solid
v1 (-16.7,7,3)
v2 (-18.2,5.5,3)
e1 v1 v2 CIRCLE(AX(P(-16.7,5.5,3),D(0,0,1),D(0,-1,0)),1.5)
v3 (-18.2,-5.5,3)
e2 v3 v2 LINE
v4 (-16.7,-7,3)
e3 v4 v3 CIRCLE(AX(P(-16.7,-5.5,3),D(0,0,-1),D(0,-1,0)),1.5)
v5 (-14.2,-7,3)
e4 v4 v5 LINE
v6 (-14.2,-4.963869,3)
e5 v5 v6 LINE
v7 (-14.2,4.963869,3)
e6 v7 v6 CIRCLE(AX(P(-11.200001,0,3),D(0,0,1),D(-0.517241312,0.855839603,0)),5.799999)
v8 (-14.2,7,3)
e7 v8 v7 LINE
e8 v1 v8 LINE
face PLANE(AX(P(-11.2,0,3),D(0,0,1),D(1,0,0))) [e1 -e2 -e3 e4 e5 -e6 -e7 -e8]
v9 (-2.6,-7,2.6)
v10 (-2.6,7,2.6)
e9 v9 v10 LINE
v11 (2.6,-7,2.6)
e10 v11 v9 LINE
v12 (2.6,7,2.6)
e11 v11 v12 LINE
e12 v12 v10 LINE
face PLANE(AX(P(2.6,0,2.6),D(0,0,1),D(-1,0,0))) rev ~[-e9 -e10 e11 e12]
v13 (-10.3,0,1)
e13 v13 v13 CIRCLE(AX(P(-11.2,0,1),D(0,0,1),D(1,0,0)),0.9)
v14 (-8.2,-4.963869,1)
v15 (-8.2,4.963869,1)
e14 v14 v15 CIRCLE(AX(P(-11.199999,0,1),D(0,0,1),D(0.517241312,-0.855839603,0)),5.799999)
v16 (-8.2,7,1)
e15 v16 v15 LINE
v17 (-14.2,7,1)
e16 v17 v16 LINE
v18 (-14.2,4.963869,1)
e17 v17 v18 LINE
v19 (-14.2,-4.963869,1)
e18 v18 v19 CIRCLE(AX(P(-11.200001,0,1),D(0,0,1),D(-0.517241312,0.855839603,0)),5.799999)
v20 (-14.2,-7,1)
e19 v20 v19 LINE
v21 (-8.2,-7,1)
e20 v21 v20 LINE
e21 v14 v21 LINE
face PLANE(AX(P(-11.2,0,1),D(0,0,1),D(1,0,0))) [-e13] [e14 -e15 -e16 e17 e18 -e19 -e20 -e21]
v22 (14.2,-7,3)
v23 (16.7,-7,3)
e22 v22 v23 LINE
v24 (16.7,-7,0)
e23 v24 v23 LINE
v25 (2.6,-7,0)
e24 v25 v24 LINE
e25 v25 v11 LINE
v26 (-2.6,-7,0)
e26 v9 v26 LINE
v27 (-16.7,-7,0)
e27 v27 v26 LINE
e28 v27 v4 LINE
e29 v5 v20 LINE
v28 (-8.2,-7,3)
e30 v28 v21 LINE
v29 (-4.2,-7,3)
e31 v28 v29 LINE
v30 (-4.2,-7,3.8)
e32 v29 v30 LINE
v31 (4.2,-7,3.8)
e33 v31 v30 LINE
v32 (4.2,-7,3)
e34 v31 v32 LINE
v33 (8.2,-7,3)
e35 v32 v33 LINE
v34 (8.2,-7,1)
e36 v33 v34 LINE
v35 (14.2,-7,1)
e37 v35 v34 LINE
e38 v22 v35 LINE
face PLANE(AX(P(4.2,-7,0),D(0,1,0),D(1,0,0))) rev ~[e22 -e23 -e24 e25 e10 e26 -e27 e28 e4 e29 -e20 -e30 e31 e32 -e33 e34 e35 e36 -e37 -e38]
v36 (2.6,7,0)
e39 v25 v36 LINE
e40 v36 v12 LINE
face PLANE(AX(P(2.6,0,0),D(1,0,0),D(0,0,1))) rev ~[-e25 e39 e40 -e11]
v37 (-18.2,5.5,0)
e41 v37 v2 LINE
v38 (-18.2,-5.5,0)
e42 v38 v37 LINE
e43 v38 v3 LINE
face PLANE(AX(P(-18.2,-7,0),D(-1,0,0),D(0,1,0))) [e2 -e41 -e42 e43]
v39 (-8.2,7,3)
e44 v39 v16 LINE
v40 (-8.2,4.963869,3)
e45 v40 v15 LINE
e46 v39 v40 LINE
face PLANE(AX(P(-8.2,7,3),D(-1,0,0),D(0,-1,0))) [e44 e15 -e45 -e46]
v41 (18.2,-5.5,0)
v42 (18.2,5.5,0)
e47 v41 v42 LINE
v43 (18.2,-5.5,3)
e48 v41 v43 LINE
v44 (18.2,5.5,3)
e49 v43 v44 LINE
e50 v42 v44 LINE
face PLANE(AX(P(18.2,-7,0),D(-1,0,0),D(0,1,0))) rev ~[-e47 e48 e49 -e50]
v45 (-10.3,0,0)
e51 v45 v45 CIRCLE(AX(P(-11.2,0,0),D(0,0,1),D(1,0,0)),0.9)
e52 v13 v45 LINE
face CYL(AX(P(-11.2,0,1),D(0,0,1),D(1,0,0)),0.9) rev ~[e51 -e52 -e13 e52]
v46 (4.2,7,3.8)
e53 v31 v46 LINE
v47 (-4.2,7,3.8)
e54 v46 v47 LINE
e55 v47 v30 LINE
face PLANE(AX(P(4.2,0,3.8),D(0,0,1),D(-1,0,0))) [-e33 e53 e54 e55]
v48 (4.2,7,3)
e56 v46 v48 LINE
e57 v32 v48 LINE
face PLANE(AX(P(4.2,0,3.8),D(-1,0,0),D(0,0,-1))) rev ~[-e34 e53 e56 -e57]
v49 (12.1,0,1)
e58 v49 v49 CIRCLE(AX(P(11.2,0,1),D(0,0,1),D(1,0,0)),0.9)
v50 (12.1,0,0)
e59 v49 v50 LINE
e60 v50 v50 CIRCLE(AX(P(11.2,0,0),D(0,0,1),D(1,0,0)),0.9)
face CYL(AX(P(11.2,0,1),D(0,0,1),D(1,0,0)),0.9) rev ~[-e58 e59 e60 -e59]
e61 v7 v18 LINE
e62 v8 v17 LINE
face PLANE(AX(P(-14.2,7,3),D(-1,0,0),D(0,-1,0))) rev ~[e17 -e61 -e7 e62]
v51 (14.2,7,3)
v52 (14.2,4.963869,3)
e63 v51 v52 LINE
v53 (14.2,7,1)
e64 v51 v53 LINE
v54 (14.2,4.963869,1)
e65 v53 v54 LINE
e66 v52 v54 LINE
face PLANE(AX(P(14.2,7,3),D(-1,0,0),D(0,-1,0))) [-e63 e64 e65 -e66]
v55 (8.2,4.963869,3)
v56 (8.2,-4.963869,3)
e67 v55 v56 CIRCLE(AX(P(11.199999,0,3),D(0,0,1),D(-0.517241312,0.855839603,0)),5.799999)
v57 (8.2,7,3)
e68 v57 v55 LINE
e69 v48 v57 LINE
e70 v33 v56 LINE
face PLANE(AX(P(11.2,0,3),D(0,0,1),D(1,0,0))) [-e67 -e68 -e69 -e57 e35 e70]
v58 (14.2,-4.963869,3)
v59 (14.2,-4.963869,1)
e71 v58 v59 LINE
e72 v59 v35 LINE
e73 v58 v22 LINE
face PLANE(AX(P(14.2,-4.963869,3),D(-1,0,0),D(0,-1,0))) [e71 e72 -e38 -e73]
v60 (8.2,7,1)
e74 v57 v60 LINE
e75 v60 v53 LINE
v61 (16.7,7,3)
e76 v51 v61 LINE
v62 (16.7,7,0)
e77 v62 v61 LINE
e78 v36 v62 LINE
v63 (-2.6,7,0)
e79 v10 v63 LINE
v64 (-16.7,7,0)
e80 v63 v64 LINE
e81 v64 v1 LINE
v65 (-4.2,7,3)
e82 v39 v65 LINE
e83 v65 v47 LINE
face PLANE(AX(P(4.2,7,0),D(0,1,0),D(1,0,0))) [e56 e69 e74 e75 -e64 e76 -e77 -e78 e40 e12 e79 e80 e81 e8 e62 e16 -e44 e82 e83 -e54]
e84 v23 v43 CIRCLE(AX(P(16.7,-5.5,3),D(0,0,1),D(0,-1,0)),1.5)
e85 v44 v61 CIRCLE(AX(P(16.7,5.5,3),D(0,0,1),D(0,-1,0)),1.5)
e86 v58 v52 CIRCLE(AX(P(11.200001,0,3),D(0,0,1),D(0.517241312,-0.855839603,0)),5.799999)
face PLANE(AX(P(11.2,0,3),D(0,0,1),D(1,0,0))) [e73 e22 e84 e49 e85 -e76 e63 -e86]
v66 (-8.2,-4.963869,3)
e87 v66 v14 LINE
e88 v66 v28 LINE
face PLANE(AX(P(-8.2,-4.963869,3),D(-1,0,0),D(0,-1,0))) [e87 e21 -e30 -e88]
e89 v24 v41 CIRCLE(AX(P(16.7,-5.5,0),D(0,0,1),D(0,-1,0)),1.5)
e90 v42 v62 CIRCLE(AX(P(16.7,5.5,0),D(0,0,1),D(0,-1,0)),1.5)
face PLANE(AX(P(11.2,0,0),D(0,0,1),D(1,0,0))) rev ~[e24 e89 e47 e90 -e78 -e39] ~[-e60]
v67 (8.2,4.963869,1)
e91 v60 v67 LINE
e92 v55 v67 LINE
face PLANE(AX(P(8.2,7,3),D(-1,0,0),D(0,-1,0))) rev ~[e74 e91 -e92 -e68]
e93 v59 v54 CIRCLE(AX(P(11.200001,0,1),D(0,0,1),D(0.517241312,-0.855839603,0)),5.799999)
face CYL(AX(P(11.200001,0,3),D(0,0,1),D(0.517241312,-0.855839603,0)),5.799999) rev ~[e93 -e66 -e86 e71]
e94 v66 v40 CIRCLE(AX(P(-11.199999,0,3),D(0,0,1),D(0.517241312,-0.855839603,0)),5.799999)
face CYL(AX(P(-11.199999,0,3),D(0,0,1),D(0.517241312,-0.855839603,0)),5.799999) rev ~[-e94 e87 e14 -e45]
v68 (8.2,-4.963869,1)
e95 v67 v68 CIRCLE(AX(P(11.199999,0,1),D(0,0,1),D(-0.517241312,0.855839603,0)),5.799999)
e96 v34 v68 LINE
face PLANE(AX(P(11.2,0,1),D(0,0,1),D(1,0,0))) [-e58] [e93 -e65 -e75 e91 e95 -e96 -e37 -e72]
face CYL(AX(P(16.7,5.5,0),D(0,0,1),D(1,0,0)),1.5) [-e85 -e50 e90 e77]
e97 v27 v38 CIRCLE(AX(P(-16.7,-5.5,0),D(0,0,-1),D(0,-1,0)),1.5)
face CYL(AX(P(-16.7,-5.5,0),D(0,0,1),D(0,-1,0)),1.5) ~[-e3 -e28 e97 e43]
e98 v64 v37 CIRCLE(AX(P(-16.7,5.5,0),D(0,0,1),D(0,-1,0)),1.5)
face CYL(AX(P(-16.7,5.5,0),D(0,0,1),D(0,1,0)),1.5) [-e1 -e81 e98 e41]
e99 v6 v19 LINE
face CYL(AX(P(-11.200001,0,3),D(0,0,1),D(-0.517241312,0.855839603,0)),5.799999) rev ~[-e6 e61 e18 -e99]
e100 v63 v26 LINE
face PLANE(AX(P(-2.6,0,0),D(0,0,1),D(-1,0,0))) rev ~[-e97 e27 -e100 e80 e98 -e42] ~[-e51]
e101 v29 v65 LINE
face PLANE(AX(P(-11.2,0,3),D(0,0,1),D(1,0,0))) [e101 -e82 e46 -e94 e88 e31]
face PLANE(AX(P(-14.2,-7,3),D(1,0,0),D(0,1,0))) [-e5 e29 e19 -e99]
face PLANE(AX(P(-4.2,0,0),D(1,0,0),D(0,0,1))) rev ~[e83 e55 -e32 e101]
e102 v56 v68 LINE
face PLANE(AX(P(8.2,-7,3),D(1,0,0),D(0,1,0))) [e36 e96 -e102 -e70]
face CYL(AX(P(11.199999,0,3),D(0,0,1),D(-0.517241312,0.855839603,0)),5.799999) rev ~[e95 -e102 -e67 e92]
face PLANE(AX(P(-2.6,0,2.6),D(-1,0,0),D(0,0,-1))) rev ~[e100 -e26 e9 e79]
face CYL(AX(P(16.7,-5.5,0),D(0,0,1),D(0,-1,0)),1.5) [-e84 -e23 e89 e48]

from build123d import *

# Parameters (mm, degrees)
PAD_DEPTH       = 7
SKETCH006_W     = 14
SKETCH006_H     = 14
PAD002_DEPTH    = 3
POCKET004_DEPTH = 2
SKETCH008_R     = 0.9
POCKET005_DEPTH = 1.001
FILLET001_R     = 1.5


with BuildPart() as clamp_unit001:
    # Sketch → Pad (new body, symmetric)
    with BuildSketch(Plane.XZ):
        Polygon((-2.6, 3.8), (4.2, 3.8), (4.2, 0), (2.6, 0), (2.6, 2.6), (-2.6, 2.6), (-2.6, 0), (-4.2, 0), (-4.2, 3.8), align=None)
    extrude(amount=PAD_DEPTH, both=True)


with BuildPart() as pushpin_unit002:
    # Sketch006 → Pad002 (new body)
    with BuildSketch(Plane.XY):
        Rectangle(SKETCH006_W, SKETCH006_H)
    extrude(amount=PAD002_DEPTH)

    # Sketch007 → Pocket004 (cut)
    with BuildSketch(Plane.XY.offset(3)):
        with BuildLine():
            Line((-3, 7), (-3, 4.963869))
            ThreePointArc((-3, 4.963869), (-5.8, 0), (-3, -4.963869))
            Line((-3, -7), (-3, -4.963869))
            Line((3, -7), (-3, -7))
            Line((3, -4.963869), (3, -7))
            ThreePointArc((3, -4.963869), (5.8, 0), (3, 4.963869))
            Line((3, 7), (3, 4.963869))
            Line((-3, 7), (3, 7))
        make_face()
    extrude(amount=-POCKET004_DEPTH, mode=Mode.SUBTRACT)

    # Sketch008 → Pocket005 (cut, through all)
    with BuildSketch(Plane.XY.offset(1)):
        Circle(SKETCH008_R)
    extrude(amount=-POCKET005_DEPTH, mode=Mode.SUBTRACT)


with BuildPart() as pushpin_unit002_1:
    # Clone placement: moved
    add(pushpin_unit002.part.moved(Location((-11.2, 0, 0))))


with BuildPart() as pushpin_unit003:
    # Clone004 base: copy of pushpin-unit002
    add(pushpin_unit002_1.part)


with BuildPart() as pushpin_unit003_1:
    # Clone004 placement: moved
    add(pushpin_unit003.part.moved(Location((22.4, 0, 0))))


with BuildPart() as wire_holder_double_rounded:
    # Fusion001 base: copy of pushpin-unit002
    add(pushpin_unit002_1.part)

    # Fusion001: union clamp-unit001, pushpin-unit003
    add(clamp_unit001.part)
    add(pushpin_unit003_1.part)

    # Fillet001
    fillet001_edges = [wire_holder_double_rounded.edges().sort_by_distance(p)[0] for p in [
        (-18.2, 7, 1.5),
        (18.2, 7, 1.5),
        (-18.2, -7, 1.5),
        (18.2, -7, 1.5),
    ]]
    fillet(fillet001_edges, radius=FILLET001_R)


solid = wire_holder_double_rounded.part
